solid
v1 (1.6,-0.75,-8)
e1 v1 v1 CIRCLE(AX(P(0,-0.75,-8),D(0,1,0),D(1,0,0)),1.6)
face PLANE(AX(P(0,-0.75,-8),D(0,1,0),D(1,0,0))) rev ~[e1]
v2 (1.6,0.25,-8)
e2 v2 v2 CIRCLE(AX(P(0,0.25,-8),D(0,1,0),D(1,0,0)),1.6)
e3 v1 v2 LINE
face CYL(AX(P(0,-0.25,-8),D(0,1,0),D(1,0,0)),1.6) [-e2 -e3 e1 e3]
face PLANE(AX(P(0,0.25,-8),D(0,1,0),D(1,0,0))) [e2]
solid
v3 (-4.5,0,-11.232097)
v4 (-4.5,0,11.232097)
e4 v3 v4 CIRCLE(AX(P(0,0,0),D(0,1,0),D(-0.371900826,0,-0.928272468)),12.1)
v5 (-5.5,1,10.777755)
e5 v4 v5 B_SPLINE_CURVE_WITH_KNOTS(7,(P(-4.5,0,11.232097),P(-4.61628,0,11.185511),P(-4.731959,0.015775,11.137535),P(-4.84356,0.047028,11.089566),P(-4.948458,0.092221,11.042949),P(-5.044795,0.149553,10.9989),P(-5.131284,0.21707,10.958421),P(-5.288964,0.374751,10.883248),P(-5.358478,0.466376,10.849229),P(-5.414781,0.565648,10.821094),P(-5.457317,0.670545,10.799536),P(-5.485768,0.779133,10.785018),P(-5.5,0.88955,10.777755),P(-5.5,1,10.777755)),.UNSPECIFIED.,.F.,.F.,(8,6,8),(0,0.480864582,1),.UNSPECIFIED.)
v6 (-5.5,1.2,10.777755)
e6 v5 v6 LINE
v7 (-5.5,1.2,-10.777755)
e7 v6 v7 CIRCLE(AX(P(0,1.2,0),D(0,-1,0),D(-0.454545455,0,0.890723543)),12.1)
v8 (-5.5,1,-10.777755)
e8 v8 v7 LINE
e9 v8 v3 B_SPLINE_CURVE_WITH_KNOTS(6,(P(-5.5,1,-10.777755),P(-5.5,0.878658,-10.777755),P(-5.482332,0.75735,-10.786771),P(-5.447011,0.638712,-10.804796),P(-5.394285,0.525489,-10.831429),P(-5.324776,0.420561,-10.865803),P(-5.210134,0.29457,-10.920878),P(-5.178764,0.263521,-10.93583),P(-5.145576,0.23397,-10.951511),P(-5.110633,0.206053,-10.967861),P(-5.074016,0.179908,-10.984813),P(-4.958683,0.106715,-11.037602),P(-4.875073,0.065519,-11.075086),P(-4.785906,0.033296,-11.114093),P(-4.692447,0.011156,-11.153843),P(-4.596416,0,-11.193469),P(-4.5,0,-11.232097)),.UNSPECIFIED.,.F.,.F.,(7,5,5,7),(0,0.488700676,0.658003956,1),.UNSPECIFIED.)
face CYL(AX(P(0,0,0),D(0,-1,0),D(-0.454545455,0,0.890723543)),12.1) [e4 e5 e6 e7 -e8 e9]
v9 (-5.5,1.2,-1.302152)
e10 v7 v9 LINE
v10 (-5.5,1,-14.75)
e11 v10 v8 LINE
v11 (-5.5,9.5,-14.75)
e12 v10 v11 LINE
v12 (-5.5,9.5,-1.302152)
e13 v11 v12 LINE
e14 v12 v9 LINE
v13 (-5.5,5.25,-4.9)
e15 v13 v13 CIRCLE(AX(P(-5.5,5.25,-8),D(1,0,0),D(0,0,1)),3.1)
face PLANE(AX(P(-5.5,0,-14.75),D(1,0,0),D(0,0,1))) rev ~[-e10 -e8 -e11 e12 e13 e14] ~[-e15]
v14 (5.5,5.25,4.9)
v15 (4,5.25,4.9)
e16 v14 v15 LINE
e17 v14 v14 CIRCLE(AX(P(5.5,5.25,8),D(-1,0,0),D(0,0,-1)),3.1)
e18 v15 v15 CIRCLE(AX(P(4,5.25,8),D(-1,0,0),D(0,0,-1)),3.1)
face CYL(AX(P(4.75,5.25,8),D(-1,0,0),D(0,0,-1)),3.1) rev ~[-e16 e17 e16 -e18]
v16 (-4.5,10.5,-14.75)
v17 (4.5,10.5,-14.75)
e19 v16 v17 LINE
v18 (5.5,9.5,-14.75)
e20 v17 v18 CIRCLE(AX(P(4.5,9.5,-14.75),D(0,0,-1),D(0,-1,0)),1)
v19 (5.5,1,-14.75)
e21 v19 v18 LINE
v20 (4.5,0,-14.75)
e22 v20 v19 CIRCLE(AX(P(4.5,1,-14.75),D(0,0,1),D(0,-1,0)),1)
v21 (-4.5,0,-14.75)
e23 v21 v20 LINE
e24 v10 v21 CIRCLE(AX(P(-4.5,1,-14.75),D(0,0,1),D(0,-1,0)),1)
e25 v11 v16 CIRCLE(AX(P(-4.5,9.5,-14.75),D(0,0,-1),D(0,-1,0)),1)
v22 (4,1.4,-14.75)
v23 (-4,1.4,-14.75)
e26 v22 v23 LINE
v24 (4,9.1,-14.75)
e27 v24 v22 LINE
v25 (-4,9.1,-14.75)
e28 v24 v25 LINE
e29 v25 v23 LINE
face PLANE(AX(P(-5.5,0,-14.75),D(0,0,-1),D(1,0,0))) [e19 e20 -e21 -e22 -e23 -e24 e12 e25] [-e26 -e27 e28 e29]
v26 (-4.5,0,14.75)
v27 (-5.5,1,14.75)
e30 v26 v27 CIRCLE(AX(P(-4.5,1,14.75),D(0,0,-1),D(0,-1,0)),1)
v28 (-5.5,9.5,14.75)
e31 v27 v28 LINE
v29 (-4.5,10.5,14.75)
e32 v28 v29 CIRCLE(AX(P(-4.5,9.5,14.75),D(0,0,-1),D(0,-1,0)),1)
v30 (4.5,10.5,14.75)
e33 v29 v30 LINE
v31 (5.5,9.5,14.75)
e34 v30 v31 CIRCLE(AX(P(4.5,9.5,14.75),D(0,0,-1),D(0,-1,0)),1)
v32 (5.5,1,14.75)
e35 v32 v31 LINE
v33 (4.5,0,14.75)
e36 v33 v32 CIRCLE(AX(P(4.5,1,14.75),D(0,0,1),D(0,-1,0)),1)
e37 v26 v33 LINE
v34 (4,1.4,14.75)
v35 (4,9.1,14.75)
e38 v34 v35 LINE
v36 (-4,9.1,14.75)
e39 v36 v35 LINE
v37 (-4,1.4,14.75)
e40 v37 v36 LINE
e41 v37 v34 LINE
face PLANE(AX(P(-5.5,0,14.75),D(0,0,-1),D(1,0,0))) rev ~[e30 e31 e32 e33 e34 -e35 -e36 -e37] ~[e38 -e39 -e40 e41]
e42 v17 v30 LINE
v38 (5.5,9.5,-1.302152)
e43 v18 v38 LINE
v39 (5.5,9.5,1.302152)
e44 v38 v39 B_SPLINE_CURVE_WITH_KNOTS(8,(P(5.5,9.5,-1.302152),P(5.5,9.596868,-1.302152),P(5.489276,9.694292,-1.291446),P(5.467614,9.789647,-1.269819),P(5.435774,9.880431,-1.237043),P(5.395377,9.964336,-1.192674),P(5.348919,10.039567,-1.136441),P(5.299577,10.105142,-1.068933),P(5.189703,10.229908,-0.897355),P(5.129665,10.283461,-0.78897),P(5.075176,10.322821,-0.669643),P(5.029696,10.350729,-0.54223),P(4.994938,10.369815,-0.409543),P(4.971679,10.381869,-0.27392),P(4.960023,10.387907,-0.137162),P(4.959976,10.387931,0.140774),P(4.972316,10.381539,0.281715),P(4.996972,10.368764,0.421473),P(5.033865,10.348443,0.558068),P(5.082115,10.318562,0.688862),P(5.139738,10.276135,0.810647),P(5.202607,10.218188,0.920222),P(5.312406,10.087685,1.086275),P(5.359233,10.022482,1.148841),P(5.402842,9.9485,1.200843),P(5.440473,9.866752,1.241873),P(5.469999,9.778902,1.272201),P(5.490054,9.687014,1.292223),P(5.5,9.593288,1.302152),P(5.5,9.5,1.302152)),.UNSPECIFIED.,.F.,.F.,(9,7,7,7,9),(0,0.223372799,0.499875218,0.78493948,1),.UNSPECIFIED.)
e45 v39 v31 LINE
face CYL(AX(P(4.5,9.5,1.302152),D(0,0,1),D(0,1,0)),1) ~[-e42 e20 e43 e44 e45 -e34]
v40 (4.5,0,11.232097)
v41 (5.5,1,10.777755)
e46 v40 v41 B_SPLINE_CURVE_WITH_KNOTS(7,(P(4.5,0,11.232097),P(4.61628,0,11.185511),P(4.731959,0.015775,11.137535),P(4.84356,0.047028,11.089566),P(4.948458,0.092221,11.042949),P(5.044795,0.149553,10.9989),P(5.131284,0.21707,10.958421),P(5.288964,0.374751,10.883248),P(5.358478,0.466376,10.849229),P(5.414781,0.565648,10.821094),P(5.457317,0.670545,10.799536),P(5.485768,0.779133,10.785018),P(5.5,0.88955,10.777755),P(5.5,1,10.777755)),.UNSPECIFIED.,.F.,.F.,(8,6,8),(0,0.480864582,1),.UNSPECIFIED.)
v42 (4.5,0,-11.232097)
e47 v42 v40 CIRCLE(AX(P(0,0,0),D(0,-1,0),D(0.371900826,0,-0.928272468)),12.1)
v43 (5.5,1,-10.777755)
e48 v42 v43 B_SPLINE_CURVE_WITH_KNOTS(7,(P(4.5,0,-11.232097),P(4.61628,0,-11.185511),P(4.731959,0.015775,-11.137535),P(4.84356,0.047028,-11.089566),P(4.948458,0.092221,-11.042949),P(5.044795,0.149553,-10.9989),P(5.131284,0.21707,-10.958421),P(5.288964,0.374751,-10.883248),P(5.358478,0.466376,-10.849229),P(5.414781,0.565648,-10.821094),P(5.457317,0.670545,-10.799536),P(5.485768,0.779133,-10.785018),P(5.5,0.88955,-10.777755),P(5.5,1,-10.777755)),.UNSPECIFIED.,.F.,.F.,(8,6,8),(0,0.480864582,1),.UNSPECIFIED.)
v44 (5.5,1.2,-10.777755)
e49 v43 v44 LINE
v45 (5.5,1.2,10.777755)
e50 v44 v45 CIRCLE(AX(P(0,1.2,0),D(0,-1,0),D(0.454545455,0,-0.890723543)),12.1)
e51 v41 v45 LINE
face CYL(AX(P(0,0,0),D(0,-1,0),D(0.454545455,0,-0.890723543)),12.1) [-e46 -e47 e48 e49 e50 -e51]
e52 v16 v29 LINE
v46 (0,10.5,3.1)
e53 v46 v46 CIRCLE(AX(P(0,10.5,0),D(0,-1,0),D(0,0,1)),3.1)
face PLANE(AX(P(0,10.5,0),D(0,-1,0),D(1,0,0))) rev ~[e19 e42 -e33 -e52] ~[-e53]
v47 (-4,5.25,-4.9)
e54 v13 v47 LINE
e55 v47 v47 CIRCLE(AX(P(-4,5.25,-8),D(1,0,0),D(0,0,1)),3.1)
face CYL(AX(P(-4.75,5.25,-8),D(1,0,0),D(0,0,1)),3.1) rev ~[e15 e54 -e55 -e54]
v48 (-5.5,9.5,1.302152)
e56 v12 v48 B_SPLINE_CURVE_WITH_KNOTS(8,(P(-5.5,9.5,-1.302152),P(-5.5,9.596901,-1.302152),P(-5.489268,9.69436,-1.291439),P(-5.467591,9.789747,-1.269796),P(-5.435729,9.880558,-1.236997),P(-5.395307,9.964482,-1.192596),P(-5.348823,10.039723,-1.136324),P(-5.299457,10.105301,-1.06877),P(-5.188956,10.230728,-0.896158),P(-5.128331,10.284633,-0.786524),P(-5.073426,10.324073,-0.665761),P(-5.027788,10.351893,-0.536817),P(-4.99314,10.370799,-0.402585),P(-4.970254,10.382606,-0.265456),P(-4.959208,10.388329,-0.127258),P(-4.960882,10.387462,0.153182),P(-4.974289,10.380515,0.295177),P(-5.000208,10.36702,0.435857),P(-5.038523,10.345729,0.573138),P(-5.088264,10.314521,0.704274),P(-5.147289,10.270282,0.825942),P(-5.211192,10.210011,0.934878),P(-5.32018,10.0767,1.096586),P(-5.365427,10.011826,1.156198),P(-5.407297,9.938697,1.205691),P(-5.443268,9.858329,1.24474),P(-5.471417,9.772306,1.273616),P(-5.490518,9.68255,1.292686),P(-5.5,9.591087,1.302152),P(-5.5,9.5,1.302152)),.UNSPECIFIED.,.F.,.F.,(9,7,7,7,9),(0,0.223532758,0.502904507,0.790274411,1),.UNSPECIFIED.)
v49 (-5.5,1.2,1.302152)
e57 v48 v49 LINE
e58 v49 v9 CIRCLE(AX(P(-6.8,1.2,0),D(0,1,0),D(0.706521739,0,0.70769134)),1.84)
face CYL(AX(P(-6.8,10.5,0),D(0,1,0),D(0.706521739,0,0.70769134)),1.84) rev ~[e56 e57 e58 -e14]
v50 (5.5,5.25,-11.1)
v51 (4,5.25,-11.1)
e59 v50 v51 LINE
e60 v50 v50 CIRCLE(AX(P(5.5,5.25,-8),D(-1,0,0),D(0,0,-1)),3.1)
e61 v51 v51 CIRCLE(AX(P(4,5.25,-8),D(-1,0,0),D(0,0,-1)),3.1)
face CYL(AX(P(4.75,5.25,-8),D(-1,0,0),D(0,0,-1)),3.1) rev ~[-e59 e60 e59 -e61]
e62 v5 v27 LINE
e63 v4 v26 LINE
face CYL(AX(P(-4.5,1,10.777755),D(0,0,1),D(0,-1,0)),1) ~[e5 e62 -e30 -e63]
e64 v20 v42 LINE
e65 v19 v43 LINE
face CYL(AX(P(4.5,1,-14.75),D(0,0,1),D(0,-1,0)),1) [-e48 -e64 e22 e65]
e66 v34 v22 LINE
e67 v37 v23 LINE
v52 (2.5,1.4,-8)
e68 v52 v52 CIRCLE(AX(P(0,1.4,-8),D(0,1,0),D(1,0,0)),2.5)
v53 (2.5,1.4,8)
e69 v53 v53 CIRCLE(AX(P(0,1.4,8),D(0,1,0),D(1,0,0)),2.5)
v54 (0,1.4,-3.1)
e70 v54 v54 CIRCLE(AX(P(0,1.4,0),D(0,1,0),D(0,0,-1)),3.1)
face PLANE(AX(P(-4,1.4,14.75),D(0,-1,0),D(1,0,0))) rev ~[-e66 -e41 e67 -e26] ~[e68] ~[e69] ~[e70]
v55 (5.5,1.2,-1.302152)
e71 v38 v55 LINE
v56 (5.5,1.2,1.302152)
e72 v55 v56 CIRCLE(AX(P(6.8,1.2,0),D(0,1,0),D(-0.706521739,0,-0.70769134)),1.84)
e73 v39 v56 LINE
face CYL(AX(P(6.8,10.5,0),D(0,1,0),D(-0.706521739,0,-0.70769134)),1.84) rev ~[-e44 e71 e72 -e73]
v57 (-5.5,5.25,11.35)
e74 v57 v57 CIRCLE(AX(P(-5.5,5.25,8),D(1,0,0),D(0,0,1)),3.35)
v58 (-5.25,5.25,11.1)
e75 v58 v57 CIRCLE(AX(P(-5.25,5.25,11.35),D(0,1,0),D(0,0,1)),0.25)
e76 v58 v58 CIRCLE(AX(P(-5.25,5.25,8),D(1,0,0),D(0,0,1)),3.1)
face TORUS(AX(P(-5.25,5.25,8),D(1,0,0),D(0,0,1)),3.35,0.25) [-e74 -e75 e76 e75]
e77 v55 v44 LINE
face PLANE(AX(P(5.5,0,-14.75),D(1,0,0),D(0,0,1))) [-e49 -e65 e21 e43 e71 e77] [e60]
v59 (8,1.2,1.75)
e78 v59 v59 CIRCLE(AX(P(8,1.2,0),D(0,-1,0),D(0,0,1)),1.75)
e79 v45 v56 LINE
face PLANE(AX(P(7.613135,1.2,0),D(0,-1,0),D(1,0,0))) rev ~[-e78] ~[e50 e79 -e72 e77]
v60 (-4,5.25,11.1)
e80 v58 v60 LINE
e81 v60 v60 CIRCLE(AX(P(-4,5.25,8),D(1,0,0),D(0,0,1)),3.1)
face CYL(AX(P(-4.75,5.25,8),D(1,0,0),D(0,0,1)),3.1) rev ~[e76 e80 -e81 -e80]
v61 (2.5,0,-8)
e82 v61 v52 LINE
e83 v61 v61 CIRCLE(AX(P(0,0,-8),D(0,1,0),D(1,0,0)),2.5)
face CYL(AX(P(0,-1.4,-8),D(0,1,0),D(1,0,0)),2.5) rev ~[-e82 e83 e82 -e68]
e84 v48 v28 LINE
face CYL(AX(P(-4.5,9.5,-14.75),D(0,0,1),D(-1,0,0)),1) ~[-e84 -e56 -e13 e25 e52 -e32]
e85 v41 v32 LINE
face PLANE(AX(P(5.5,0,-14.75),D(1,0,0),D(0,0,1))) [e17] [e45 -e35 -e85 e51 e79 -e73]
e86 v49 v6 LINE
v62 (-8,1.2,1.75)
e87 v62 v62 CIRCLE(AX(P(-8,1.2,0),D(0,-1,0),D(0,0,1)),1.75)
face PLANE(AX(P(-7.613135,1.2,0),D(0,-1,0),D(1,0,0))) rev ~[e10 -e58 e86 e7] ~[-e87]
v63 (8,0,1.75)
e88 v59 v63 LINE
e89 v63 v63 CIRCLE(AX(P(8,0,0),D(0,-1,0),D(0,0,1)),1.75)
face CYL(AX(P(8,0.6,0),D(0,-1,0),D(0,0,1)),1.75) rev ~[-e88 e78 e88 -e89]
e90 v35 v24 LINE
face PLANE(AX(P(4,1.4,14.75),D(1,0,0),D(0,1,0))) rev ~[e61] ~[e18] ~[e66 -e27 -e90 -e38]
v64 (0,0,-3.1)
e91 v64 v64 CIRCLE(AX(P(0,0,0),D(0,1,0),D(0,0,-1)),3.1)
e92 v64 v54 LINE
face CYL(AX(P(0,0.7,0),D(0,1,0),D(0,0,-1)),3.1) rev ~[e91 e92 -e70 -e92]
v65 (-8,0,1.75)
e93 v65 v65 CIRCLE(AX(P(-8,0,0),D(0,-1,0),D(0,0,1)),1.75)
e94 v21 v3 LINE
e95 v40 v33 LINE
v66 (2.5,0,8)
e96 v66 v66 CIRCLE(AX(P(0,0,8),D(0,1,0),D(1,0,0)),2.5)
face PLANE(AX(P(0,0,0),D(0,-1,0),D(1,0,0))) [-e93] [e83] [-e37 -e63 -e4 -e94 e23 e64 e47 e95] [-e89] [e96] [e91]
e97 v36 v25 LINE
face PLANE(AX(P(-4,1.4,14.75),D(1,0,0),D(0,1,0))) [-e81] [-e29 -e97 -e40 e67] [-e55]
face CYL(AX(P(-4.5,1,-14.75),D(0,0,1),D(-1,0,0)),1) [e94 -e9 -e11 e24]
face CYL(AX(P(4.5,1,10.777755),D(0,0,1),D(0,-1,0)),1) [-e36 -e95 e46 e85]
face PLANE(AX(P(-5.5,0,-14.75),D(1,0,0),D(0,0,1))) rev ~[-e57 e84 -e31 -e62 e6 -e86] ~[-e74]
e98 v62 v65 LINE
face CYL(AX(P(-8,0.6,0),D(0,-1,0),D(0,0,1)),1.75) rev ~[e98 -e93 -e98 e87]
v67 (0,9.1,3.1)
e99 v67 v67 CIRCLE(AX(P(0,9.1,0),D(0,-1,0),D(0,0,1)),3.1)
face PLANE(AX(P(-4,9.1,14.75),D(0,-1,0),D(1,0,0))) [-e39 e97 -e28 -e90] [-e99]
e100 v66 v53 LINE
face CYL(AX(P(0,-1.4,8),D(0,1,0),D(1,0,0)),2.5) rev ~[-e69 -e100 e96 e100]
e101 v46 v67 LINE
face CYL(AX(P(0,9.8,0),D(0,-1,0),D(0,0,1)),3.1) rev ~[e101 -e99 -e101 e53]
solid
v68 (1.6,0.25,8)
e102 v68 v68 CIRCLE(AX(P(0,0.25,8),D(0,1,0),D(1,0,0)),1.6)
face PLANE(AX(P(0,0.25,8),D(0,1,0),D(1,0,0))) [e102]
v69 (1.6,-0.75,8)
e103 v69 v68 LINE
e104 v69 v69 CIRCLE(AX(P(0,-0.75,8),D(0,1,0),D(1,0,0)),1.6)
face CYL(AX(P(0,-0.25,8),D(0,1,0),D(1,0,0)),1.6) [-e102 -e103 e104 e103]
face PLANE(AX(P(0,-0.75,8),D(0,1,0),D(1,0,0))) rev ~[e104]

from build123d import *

# Parameters (mm, degrees)
SKETCH1_W                           = 11
SKETCH1_H                           = 29.5
BOSS_EXTRUDE1_DEPTH                 = 10.5
BOSS_EXTRUDE2_DEPTH                 = 1.2
CUT_EXTRUDE1_DEPTH                  = 9.3
BOSS_EXTRUDE3_DEPTH                 = 1.2
CUT_EXTRUDE2_DEPTH                  = 9.3
SKETCH6_W                           = 8
SKETCH6_H                           = 7.7
CUT_EXTRUDE3_DEPTH                  = 30.5
F_5_0_5_DIAMETER_HOLE1_D            = 5
F_5_0_5_DIAMETER_HOLE1_DEPTH        = 1.4
F_5_0_5_DIAMETER_HOLE2_D            = 5
F_5_0_5_DIAMETER_HOLE2_DEPTH        = 1.4
SKETCH11_W                          = 1.6
SKETCH11_H                          = 1
SKETCH12_W                          = 1.6
SKETCH12_H                          = 1
SKETCH13_W                          = 3.1
SKETCH13_H                          = 1.4
SKETCH15_W                          = 1.75
SKETCH15_H                          = 1.2
F_3_5_3_5_DIAMETER_HOLE1_AT_2_COUNT = 2
F_3_5_3_5_DIAMETER_HOLE1_AT_2_PITCH = 16
SKETCH17_W                          = 3.1
SKETCH17_H                          = 1.5
F_6_2_6_2_DIAMETER_HOLE2_AT_2_COUNT = 2
F_6_2_6_2_DIAMETER_HOLE2_AT_2_PITCH = 16
SKETCH19_W                          = 3.1
SKETCH19_H                          = 1.5
F_6_2_6_2_DIAMETER_HOLE3_AT_2_COUNT = 2
F_6_2_6_2_DIAMETER_HOLE3_AT_2_PITCH = 16
SKETCH21_W                          = 3.1
SKETCH21_H                          = 1.4
FILLET1_R                           = 1
FILLET3_R                           = 0.25


with BuildPart() as part:
    # Sketch1 → Boss-Extrude1 (new body)
    with BuildSketch(Plane.XZ):
        Rectangle(SKETCH1_W, SKETCH1_H)
    extrude(amount=-BOSS_EXTRUDE1_DEPTH)

    # Sketch2 → Boss-Extrude2 (add)
    with BuildSketch(Plane.XZ):
        with BuildLine():
            Line((-5.5, -10.777754868), (-5.5, 10.777754868))
            ThreePointArc((-5.5, 10.777754868), (-12.1, 0), (-5.5, -10.777754868))
        make_face()
    extrude(amount=-BOSS_EXTRUDE2_DEPTH)

    # Sketch3 → Cut-Extrude1 (cut)
    with BuildSketch(Plane(origin=(0, 10.5, 0), x_dir=(-1, 0, 0), z_dir=(0, 1, 0))):
        with BuildLine():
            Line((5.5, -1.302152065), (5.5, 1.302152065))
            ThreePointArc((5.5, 1.302152065), (4.96, 0), (5.5, -1.302152065))
        make_face()
    extrude(amount=-CUT_EXTRUDE1_DEPTH, mode=Mode.SUBTRACT)

    # Sketch4 → Boss-Extrude3 (add)
    with BuildSketch(Plane.XZ):
        with BuildLine():
            Line((5.5, 10.777754868), (5.5, -10.777754868))
            ThreePointArc((5.5, -10.777754868), (12.1, 0), (5.5, 10.777754868))
        make_face()
    extrude(amount=-BOSS_EXTRUDE3_DEPTH)

    # Sketch5 → Cut-Extrude2 (cut)
    with BuildSketch(Plane(origin=(0, 10.5, 0), x_dir=(-1, 0, 0), z_dir=(0, 1, 0))):
        with BuildLine():
            Line((-5.5, 1.302152065), (-5.5, -1.302152065))
            ThreePointArc((-5.5, -1.302152065), (-4.96, 0), (-5.5, 1.302152065))
        make_face()
    extrude(amount=-CUT_EXTRUDE2_DEPTH, mode=Mode.SUBTRACT)

    # Sketch6 → Cut-Extrude3 (cut, through all)
    with BuildSketch(Plane.XY.offset(14.75)):
        with Locations((0, 5.25)):
            Rectangle(SKETCH6_W, SKETCH6_H)
    extrude(amount=-CUT_EXTRUDE3_DEPTH, mode=Mode.SUBTRACT)

    # Ø5.0 (5) Diameter Hole1
    with Locations(Plane(origin=(0, 0, 0), x_dir=(-1, 0, 0), z_dir=(0, -1, 0))):
        with Locations((0, -8)):
            Hole(F_5_0_5_DIAMETER_HOLE1_D / 2, depth=F_5_0_5_DIAMETER_HOLE1_DEPTH)

    # Ø5.0 (5) Diameter Hole2
    with Locations(Plane(origin=(0, 0, 0), x_dir=(-1, 0, 0), z_dir=(0, -1, 0))):
        with Locations((0, 8)):
            Hole(F_5_0_5_DIAMETER_HOLE2_D / 2, depth=F_5_0_5_DIAMETER_HOLE2_DEPTH)

    # Sketch13 → Ø6.2 (6.2) Diameter Hole1 (revolve, cut)
    with BuildSketch(Plane(origin=(0, 0, 0), x_dir=(0, 0, -1), z_dir=(1, 0, 0))):
        with Locations((1.55, 0.7)):
            Rectangle(SKETCH13_W, SKETCH13_H)
    revolve(axis=Axis((0, -6.35, 0), (0, 1, 0)), mode=Mode.SUBTRACT)

    # Sketch15 → Ø3.5 (3.5) Diameter Hole1 (revolve, cut)
    with BuildSketch(Plane(origin=(8, 1.2, 0), x_dir=(0, 0, 1), z_dir=(1, 0, 0))):
        with Locations((0.875, 0.6)):
            Rectangle(SKETCH15_W, SKETCH15_H)
    f_3_5_3_5_diameter_hole1 = revolve(axis=Axis((8, 7.55, 0), (0, -1, 0)), mode=Mode.SUBTRACT)

    # Ø3.5 (3.5) Diameter Hole1 at 2: Ø3.5 (3.5) Diameter Hole1 ×2
    with Locations(*[(-i * F_3_5_3_5_DIAMETER_HOLE1_AT_2_PITCH, 0, 0) for i in range(1, F_3_5_3_5_DIAMETER_HOLE1_AT_2_COUNT)]):
        add(f_3_5_3_5_diameter_hole1, mode=Mode.SUBTRACT)

    # Sketch17 → Ø6.2 (6.2) Diameter Hole2 (revolve, cut)
    with BuildSketch(Plane(origin=(5.5, 5.25, 8), x_dir=(0, 0, -1), z_dir=(0, 1, 0))):
        with Locations((1.55, 0.75)):
            Rectangle(SKETCH17_W, SKETCH17_H)
    f_6_2_6_2_diameter_hole2 = revolve(axis=Axis((11.85, 5.25, 8), (-1, 0, 0)), mode=Mode.SUBTRACT)

    # Ø6.2 (6.2) Diameter Hole2 at 2: Ø6.2 (6.2) Diameter Hole2 ×2
    with Locations(*[(0, 0, -i * F_6_2_6_2_DIAMETER_HOLE2_AT_2_PITCH) for i in range(1, F_6_2_6_2_DIAMETER_HOLE2_AT_2_COUNT)]):
        add(f_6_2_6_2_diameter_hole2, mode=Mode.SUBTRACT)

    # Sketch19 → Ø6.2 (6.2) Diameter Hole3 (revolve, cut)
    with BuildSketch(Plane(origin=(-5.5, 5.25, 8), x_dir=(0, 0, 1), z_dir=(0, 1, 0))):
        with Locations((1.55, 0.75)):
            Rectangle(SKETCH19_W, SKETCH19_H)
    f_6_2_6_2_diameter_hole3 = revolve(axis=Axis((-11.85, 5.25, 8), (1, 0, 0)), mode=Mode.SUBTRACT)

    # Ø6.2 (6.2) Diameter Hole3 at 2: Ø6.2 (6.2) Diameter Hole3 ×2
    with Locations(*[(0, 0, -i * F_6_2_6_2_DIAMETER_HOLE3_AT_2_PITCH) for i in range(1, F_6_2_6_2_DIAMETER_HOLE3_AT_2_COUNT)]):
        add(f_6_2_6_2_diameter_hole3, mode=Mode.SUBTRACT)

    # Sketch21 → Ø6.2 (6.2) Diameter Hole4 (revolve, cut)
    with BuildSketch(Plane(origin=(0, 10.5, 0), x_dir=(0, 0, 1), z_dir=(1, 0, 0))):
        with Locations((1.55, 0.7)):
            Rectangle(SKETCH21_W, SKETCH21_H)
    revolve(axis=Axis((0, 16.85, 0), (0, -1, 0)), mode=Mode.SUBTRACT)

    # Fillet1
    fillet1_edges = [part.edges().sort_by_distance(p)[0] for p in [
        (5.5, 0, -12.763877434),
        (-5.5, 0, 12.763877434),
        (-5.5, 0, -12.763877434),
        (5.5, 10.5, 8.026076032),
        (5.5, 0, 12.763877434),
        (-5.5, 10.5, -8.026076032),
    ]]
    fillet(fillet1_edges, radius=FILLET1_R)

    # Fillet3
    fillet3_edges = [part.edges().sort_by_distance(p)[0] for p in [
        (-5.5, 5.25, 4.9),
    ]]
    fillet(fillet3_edges, radius=FILLET3_R)


with BuildPart() as body_2:
    # Sketch11 → Revolve1 (revolve)
    with BuildSketch(Plane(origin=(0, 0, -8), x_dir=(-1, 0, 0), z_dir=(0, 0, -1))):
        with Locations((-0.8, -0.25)):
            Rectangle(SKETCH11_W, SKETCH11_H)
    revolve(axis=Axis((0, -0.75, -8), (0, 1, 0)))


with BuildPart() as body_3:
    # Sketch12 → Revolve2 (revolve)
    with BuildSketch(Plane(origin=(0, 0, 8), x_dir=(-1, 0, 0), z_dir=(0, 0, -1))):
        with Locations((-0.8, -0.25)):
            Rectangle(SKETCH12_W, SKETCH12_H)
    revolve(axis=Axis((0, -0.75, 8), (0, 1, 0)))


solid = Compound([part.part, body_2.part, body_3.part])
